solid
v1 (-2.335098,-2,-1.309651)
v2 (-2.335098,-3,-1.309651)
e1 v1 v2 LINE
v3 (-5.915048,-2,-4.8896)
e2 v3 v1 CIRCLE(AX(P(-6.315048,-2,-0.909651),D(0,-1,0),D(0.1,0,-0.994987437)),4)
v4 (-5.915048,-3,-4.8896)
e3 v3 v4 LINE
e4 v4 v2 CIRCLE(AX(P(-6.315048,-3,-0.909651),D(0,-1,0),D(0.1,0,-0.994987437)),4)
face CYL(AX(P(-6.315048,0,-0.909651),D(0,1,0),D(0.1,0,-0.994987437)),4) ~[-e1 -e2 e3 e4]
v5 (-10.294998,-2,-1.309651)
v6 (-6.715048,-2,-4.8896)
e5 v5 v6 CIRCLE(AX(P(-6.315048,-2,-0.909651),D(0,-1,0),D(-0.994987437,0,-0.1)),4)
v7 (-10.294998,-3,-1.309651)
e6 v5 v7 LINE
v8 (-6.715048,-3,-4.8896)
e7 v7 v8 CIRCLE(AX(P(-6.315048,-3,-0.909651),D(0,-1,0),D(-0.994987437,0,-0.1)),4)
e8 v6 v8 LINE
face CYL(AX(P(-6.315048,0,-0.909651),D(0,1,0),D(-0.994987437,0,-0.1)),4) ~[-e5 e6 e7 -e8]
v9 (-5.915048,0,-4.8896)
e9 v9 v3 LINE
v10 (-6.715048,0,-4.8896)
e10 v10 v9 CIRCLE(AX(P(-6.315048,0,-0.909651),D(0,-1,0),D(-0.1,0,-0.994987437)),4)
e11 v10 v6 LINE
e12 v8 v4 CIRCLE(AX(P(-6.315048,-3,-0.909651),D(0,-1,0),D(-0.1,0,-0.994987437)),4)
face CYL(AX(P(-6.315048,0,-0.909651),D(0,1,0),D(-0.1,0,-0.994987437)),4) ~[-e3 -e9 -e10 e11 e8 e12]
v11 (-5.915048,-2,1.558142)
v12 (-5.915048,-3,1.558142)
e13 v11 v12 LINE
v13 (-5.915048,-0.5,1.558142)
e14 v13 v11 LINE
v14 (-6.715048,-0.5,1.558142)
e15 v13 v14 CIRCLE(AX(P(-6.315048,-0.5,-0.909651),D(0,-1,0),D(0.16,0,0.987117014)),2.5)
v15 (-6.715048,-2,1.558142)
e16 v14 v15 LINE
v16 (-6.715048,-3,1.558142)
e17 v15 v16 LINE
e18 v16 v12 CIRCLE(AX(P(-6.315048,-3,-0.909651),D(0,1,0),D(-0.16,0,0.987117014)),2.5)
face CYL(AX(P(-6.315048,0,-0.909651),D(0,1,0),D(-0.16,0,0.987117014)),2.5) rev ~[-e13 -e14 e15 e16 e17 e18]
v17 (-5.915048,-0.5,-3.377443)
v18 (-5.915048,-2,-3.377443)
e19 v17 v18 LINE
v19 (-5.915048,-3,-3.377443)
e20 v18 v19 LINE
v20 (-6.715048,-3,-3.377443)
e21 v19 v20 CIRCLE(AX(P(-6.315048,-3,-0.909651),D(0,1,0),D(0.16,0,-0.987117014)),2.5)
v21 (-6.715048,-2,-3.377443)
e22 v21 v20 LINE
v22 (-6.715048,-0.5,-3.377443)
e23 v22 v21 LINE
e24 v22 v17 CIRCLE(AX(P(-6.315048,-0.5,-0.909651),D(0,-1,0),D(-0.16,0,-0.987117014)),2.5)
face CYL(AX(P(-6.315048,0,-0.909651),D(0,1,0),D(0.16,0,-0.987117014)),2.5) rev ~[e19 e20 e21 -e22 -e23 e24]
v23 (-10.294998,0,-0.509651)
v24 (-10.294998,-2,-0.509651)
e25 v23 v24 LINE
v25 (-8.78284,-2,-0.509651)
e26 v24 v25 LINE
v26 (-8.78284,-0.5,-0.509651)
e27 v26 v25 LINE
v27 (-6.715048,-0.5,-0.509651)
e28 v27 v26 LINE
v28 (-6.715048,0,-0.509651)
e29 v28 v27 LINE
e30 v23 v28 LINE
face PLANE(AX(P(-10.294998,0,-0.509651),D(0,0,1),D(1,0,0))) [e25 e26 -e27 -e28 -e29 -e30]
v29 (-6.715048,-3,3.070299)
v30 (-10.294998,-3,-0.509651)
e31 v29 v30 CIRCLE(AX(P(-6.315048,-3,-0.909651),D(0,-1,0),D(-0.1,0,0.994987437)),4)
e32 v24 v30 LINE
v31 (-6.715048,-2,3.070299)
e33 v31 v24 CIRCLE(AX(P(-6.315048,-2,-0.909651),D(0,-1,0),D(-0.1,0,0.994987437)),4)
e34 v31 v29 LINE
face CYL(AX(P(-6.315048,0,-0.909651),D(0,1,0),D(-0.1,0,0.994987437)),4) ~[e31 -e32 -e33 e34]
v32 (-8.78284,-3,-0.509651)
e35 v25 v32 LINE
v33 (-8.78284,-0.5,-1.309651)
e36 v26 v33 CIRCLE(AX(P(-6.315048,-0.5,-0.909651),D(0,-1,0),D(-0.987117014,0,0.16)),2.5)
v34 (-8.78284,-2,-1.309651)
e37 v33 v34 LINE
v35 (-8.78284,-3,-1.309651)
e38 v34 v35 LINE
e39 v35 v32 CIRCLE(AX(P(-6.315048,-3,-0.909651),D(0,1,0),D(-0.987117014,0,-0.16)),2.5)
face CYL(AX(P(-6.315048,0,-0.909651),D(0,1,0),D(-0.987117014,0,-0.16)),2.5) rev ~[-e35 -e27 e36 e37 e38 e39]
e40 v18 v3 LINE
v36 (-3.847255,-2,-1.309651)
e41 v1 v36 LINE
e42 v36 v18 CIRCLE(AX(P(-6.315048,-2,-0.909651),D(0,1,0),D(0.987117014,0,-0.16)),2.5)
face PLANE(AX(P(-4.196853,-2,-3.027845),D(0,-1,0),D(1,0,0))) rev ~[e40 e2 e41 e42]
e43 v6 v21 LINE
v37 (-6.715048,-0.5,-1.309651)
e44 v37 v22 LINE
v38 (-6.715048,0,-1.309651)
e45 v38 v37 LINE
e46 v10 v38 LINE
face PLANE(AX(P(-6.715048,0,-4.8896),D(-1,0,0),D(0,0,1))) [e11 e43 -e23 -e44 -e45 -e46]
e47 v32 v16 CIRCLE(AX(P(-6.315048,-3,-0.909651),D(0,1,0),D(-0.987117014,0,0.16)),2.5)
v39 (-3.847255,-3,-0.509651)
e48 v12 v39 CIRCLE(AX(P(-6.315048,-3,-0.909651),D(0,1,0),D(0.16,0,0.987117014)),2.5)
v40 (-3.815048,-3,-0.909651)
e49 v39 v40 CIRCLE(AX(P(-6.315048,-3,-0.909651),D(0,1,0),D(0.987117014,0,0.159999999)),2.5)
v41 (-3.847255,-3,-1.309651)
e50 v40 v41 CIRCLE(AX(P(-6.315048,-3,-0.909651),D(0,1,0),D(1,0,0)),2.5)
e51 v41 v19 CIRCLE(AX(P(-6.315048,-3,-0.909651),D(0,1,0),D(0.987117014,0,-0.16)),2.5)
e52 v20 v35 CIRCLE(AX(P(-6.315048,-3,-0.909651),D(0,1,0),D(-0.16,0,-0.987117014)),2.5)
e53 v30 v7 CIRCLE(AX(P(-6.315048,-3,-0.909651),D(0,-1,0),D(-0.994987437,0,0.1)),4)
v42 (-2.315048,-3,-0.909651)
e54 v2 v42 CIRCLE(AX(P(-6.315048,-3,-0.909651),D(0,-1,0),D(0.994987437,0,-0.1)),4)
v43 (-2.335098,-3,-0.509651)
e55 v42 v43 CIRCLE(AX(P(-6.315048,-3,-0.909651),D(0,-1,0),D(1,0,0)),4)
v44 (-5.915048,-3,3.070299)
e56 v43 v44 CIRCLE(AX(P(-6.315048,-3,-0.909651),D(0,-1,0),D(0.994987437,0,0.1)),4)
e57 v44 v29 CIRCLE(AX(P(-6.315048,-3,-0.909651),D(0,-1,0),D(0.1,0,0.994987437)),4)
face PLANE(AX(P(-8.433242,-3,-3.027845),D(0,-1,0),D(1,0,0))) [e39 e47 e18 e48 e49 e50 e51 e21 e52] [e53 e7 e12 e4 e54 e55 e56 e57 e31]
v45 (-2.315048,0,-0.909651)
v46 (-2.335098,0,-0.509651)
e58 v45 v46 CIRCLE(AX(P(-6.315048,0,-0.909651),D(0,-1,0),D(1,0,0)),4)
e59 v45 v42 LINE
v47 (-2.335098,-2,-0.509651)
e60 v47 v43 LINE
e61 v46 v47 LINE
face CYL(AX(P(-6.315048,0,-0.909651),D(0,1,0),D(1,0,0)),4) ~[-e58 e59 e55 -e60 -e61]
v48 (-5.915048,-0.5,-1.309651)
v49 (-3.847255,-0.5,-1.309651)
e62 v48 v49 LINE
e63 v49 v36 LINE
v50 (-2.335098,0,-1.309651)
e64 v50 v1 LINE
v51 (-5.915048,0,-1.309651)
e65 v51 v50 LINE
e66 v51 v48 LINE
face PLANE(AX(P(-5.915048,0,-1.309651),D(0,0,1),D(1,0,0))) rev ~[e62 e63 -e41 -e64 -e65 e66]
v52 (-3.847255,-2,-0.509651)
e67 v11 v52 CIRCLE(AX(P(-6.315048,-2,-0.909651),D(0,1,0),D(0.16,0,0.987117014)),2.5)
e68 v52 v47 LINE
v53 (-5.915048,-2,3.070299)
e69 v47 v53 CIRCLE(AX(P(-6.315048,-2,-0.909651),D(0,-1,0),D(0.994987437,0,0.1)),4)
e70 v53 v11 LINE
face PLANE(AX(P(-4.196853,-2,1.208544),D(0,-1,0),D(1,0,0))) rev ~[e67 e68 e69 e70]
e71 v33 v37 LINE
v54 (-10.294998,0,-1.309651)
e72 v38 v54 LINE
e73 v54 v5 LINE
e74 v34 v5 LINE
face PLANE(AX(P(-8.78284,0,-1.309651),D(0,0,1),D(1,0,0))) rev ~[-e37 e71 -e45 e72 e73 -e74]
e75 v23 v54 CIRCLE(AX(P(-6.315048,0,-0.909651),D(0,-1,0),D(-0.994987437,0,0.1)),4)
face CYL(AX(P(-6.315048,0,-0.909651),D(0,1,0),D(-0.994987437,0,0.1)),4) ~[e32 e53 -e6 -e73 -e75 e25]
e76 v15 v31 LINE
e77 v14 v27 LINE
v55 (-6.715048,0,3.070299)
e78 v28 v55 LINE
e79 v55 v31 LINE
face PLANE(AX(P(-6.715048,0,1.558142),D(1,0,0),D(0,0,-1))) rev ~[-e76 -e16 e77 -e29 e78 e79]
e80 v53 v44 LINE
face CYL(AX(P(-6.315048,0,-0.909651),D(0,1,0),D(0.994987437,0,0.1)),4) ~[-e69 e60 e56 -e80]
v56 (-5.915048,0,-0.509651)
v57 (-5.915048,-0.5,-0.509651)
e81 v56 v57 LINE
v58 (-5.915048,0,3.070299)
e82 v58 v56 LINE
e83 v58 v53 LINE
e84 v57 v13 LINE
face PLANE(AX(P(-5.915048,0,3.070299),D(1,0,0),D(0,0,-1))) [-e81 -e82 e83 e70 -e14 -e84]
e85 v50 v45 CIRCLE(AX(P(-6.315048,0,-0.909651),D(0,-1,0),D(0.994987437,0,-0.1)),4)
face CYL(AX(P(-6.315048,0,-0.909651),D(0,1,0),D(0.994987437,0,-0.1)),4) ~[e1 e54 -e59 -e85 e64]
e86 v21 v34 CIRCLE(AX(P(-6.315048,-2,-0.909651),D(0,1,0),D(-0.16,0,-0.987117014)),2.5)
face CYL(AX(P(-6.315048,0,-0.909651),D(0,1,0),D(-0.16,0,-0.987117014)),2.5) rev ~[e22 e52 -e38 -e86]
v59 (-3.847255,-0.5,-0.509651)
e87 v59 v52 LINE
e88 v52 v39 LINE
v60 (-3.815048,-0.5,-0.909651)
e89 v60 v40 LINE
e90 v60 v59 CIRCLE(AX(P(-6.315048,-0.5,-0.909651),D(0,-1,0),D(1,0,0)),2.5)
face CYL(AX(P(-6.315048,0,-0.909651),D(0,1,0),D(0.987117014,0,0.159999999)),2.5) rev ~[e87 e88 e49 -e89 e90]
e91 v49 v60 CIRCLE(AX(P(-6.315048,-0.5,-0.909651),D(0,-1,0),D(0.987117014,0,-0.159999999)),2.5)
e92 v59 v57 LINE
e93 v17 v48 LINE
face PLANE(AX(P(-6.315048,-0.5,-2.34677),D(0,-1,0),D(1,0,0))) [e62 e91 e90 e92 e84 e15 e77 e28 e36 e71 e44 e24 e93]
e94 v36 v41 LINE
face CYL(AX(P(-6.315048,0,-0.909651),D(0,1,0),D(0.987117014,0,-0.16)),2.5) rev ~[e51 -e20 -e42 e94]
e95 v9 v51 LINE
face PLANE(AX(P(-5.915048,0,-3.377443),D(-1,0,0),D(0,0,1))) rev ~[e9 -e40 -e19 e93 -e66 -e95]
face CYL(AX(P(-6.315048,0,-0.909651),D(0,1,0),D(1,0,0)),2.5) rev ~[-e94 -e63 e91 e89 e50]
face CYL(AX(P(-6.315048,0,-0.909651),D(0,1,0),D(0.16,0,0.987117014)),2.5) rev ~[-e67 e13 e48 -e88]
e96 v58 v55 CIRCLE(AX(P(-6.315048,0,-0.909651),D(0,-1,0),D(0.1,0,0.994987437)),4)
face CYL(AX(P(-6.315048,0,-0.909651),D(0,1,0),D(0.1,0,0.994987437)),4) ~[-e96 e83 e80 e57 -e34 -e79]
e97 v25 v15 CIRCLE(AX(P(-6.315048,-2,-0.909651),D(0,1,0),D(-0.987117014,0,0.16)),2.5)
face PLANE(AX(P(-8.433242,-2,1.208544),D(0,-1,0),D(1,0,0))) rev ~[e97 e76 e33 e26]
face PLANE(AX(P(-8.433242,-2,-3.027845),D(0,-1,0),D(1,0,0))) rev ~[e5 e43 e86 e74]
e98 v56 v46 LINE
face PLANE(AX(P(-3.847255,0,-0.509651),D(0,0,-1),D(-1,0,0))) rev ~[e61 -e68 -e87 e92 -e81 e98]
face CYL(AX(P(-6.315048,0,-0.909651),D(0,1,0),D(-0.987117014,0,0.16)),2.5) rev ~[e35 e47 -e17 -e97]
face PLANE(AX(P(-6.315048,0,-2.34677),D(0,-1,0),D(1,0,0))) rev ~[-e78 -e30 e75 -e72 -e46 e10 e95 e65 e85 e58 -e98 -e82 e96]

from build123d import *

# Parameters (mm, degrees)
F1_DEPTH = 3
F0_W     = 0.8
F0_H     = 0.8
F2_DEPTH = 0.5
F3_DEPTH = 2


with BuildPart() as f1:
    # F0 (on Front) → F1 (new body)
    with BuildSketch(Plane.XZ):
        with BuildLine():
            Line((-6.7150478527, -4.8896004256), (-6.7150478527, -3.377443213))
            ThreePointArc((-6.7150478527, -3.377443213), (-8.0828148057, -2.6774176301), (-8.7828403885, -1.3096506771))
            Line((-8.7828403885, -1.3096506771), (-10.2949976011, -1.3096506771))
            ThreePointArc((-10.2949976011, -1.3096506771), (-9.1434749774, -3.7380778019), (-6.7150478527, -4.8896004256))
        make_face()
        with BuildLine():
            Line((-5.9150478527, -4.8896004256), (-5.9150478527, -3.377443213))
            ThreePointArc((-5.9150478527, -3.377443213), (-6.3150478527, -3.4096506771), (-6.7150478527, -3.377443213))
            Line((-6.7150478527, -3.377443213), (-6.7150478527, -4.8896004256))
            Line((-6.7150478527, -4.8896004256), (-5.9150478527, -4.8896004256))
        make_face()
        with BuildLine():
            Line((-2.3350981043, -1.3096506771), (-3.8472553168, -1.3096506771))
            ThreePointArc((-3.8472553168, -1.3096506771), (-4.5472808997, -2.6774176301), (-5.9150478527, -3.377443213))
            Line((-5.9150478527, -3.377443213), (-5.9150478527, -4.8896004256))
            ThreePointArc((-5.9150478527, -4.8896004256), (-3.4866207279, -3.7380778019), (-2.3350981043, -1.3096506771))
        make_face()
        with BuildLine():
            ThreePointArc((-3.8472553168, -0.5096506771), (-3.8231127272, -0.7090033991), (-3.8150478527, -0.9096506771))
            ThreePointArc((-3.8150478527, -0.9096506771), (-3.8231127272, -1.1102979552), (-3.8472553168, -1.3096506771))
            Line((-3.8472553168, -1.3096506771), (-2.3350981043, -1.3096506771))
            Line((-2.3350981043, -1.3096506771), (-2.3350981043, -0.5096506771))
            Line((-2.3350981043, -0.5096506771), (-3.8472553168, -0.5096506771))
        make_face()
        with BuildLine():
            ThreePointArc((-5.9150478527, 1.5581418587), (-4.5472808997, 0.8581162758), (-3.8472553168, -0.5096506771))
            Line((-3.8472553168, -0.5096506771), (-2.3350981043, -0.5096506771))
            ThreePointArc((-2.3350981043, -0.5096506771), (-3.4866207279, 1.9187764476), (-5.9150478527, 3.0702990713))
            Line((-5.9150478527, 3.0702990713), (-5.9150478527, 1.5581418587))
        make_face()
        with BuildLine():
            ThreePointArc((-6.7150478527, 1.5581418587), (-6.3150478527, 1.5903493229), (-5.9150478527, 1.5581418587))
            Line((-5.9150478527, 1.5581418587), (-5.9150478527, 3.0702990713))
            Line((-5.9150478527, 3.0702990713), (-6.7150478527, 3.0702990713))
            Line((-6.7150478527, 3.0702990713), (-6.7150478527, 1.5581418587))
        make_face()
        with BuildLine():
            ThreePointArc((-8.7828403885, -0.5096506771), (-8.0828148057, 0.8581162758), (-6.7150478527, 1.5581418587))
            Line((-6.7150478527, 1.5581418587), (-6.7150478527, 3.0702990713))
            ThreePointArc((-6.7150478527, 3.0702990713), (-9.1434749774, 1.9187764476), (-10.2949976011, -0.5096506771))
            Line((-10.2949976011, -0.5096506771), (-8.7828403885, -0.5096506771))
        make_face()
        with BuildLine():
            ThreePointArc((-8.7828403885, -1.3096506771), (-8.8150478527, -0.9096506771), (-8.7828403885, -0.5096506771))
            Line((-8.7828403885, -0.5096506771), (-10.2949976011, -0.5096506771))
            Line((-10.2949976011, -0.5096506771), (-10.2949976011, -1.3096506771))
            Line((-10.2949976011, -1.3096506771), (-8.7828403885, -1.3096506771))
        make_face()
        with BuildLine():
            Line((-6.7150478527, 3.0702990713), (-5.9150478527, 3.0702990713))
            ThreePointArc((-5.9150478527, 3.0702990713), (-6.3150478527, 3.0903493229), (-6.7150478527, 3.0702990713))
        make_face()
        with BuildLine():
            ThreePointArc((-2.3150478527, -0.9096506771), (-2.3200635603, -0.7093995769), (-2.3350981043, -0.5096506771))
            Line((-2.3350981043, -0.5096506771), (-2.3350981043, -1.3096506771))
            ThreePointArc((-2.3350981043, -1.3096506771), (-2.3200635603, -1.1099017774), (-2.3150478527, -0.9096506771))
        make_face()
        with BuildLine():
            Line((-10.2949976011, -1.3096506771), (-10.2949976011, -0.5096506771))
            ThreePointArc((-10.2949976011, -0.5096506771), (-10.3150478527, -0.9096506771), (-10.2949976011, -1.3096506771))
        make_face()
        with BuildLine():
            ThreePointArc((-6.7150478527, -4.8896004256), (-6.3150478527, -4.9096506771), (-5.9150478527, -4.8896004256))
            Line((-5.9150478527, -4.8896004256), (-6.7150478527, -4.8896004256))
        make_face()
    extrude(amount=F1_DEPTH)

    # F0 (on Front) → F2 (join)
    with BuildSketch(Plane.XZ):
        with BuildLine():
            ThreePointArc((-6.7150478527, -3.377443213), (-6.3150478527, -3.4096506771), (-5.9150478527, -3.377443213))
            Line((-5.9150478527, -3.377443213), (-5.9150478527, -1.3096506771))
            Line((-5.9150478527, -1.3096506771), (-6.7150478527, -1.3096506771))
            Line((-6.7150478527, -1.3096506771), (-6.7150478527, -3.377443213))
        make_face()
        with Locations((-6.3150478527, -0.9096506771)):
            Rectangle(F0_W, F0_H)
        with BuildLine():
            Line((-6.7150478527, -1.3096506771), (-6.7150478527, -0.5096506771))
            Line((-6.7150478527, -0.5096506771), (-8.7828403885, -0.5096506771))
            ThreePointArc((-8.7828403885, -0.5096506771), (-8.8150478527, -0.9096506771), (-8.7828403885, -1.3096506771))
            Line((-8.7828403885, -1.3096506771), (-6.7150478527, -1.3096506771))
        make_face()
        with BuildLine():
            Line((-5.9150478527, -0.5096506771), (-5.9150478527, 1.5581418587))
            ThreePointArc((-5.9150478527, 1.5581418587), (-6.3150478527, 1.5903493229), (-6.7150478527, 1.5581418587))
            Line((-6.7150478527, 1.5581418587), (-6.7150478527, -0.5096506771))
            Line((-6.7150478527, -0.5096506771), (-5.9150478527, -0.5096506771))
        make_face()
        with BuildLine():
            ThreePointArc((-3.8472553168, -1.3096506771), (-3.8231127272, -1.1102979552), (-3.8150478527, -0.9096506771))
            ThreePointArc((-3.8150478527, -0.9096506771), (-3.8231127272, -0.7090033991), (-3.8472553168, -0.5096506771))
            Line((-3.8472553168, -0.5096506771), (-5.9150478527, -0.5096506771))
            Line((-5.9150478527, -0.5096506771), (-5.9150478527, -1.3096506771))
            Line((-5.9150478527, -1.3096506771), (-3.8472553168, -1.3096506771))
        make_face()
    extrude(amount=F2_DEPTH)

    # F0 (on Front) → F3 (cut)
    with BuildSketch(Plane.XZ):
        with BuildLine():
            Line((-2.3350981043, -1.3096506771), (-3.8472553168, -1.3096506771))
            ThreePointArc((-3.8472553168, -1.3096506771), (-4.5472808997, -2.6774176301), (-5.9150478527, -3.377443213))
            Line((-5.9150478527, -3.377443213), (-5.9150478527, -4.8896004256))
            ThreePointArc((-5.9150478527, -4.8896004256), (-3.4866207279, -3.7380778019), (-2.3350981043, -1.3096506771))
        make_face()
        with BuildLine():
            Line((-6.7150478527, -4.8896004256), (-6.7150478527, -3.377443213))
            ThreePointArc((-6.7150478527, -3.377443213), (-8.0828148057, -2.6774176301), (-8.7828403885, -1.3096506771))
            Line((-8.7828403885, -1.3096506771), (-10.2949976011, -1.3096506771))
            ThreePointArc((-10.2949976011, -1.3096506771), (-9.1434749774, -3.7380778019), (-6.7150478527, -4.8896004256))
        make_face()
        with BuildLine():
            ThreePointArc((-8.7828403885, -0.5096506771), (-8.0828148057, 0.8581162758), (-6.7150478527, 1.5581418587))
            Line((-6.7150478527, 1.5581418587), (-6.7150478527, 3.0702990713))
            ThreePointArc((-6.7150478527, 3.0702990713), (-9.1434749774, 1.9187764476), (-10.2949976011, -0.5096506771))
            Line((-10.2949976011, -0.5096506771), (-8.7828403885, -0.5096506771))
        make_face()
        with BuildLine():
            ThreePointArc((-5.9150478527, 1.5581418587), (-4.5472808997, 0.8581162758), (-3.8472553168, -0.5096506771))
            Line((-3.8472553168, -0.5096506771), (-2.3350981043, -0.5096506771))
            ThreePointArc((-2.3350981043, -0.5096506771), (-3.4866207279, 1.9187764476), (-5.9150478527, 3.0702990713))
            Line((-5.9150478527, 3.0702990713), (-5.9150478527, 1.5581418587))
        make_face()
    extrude(amount=F3_DEPTH, mode=Mode.SUBTRACT)


solid = f1.part
